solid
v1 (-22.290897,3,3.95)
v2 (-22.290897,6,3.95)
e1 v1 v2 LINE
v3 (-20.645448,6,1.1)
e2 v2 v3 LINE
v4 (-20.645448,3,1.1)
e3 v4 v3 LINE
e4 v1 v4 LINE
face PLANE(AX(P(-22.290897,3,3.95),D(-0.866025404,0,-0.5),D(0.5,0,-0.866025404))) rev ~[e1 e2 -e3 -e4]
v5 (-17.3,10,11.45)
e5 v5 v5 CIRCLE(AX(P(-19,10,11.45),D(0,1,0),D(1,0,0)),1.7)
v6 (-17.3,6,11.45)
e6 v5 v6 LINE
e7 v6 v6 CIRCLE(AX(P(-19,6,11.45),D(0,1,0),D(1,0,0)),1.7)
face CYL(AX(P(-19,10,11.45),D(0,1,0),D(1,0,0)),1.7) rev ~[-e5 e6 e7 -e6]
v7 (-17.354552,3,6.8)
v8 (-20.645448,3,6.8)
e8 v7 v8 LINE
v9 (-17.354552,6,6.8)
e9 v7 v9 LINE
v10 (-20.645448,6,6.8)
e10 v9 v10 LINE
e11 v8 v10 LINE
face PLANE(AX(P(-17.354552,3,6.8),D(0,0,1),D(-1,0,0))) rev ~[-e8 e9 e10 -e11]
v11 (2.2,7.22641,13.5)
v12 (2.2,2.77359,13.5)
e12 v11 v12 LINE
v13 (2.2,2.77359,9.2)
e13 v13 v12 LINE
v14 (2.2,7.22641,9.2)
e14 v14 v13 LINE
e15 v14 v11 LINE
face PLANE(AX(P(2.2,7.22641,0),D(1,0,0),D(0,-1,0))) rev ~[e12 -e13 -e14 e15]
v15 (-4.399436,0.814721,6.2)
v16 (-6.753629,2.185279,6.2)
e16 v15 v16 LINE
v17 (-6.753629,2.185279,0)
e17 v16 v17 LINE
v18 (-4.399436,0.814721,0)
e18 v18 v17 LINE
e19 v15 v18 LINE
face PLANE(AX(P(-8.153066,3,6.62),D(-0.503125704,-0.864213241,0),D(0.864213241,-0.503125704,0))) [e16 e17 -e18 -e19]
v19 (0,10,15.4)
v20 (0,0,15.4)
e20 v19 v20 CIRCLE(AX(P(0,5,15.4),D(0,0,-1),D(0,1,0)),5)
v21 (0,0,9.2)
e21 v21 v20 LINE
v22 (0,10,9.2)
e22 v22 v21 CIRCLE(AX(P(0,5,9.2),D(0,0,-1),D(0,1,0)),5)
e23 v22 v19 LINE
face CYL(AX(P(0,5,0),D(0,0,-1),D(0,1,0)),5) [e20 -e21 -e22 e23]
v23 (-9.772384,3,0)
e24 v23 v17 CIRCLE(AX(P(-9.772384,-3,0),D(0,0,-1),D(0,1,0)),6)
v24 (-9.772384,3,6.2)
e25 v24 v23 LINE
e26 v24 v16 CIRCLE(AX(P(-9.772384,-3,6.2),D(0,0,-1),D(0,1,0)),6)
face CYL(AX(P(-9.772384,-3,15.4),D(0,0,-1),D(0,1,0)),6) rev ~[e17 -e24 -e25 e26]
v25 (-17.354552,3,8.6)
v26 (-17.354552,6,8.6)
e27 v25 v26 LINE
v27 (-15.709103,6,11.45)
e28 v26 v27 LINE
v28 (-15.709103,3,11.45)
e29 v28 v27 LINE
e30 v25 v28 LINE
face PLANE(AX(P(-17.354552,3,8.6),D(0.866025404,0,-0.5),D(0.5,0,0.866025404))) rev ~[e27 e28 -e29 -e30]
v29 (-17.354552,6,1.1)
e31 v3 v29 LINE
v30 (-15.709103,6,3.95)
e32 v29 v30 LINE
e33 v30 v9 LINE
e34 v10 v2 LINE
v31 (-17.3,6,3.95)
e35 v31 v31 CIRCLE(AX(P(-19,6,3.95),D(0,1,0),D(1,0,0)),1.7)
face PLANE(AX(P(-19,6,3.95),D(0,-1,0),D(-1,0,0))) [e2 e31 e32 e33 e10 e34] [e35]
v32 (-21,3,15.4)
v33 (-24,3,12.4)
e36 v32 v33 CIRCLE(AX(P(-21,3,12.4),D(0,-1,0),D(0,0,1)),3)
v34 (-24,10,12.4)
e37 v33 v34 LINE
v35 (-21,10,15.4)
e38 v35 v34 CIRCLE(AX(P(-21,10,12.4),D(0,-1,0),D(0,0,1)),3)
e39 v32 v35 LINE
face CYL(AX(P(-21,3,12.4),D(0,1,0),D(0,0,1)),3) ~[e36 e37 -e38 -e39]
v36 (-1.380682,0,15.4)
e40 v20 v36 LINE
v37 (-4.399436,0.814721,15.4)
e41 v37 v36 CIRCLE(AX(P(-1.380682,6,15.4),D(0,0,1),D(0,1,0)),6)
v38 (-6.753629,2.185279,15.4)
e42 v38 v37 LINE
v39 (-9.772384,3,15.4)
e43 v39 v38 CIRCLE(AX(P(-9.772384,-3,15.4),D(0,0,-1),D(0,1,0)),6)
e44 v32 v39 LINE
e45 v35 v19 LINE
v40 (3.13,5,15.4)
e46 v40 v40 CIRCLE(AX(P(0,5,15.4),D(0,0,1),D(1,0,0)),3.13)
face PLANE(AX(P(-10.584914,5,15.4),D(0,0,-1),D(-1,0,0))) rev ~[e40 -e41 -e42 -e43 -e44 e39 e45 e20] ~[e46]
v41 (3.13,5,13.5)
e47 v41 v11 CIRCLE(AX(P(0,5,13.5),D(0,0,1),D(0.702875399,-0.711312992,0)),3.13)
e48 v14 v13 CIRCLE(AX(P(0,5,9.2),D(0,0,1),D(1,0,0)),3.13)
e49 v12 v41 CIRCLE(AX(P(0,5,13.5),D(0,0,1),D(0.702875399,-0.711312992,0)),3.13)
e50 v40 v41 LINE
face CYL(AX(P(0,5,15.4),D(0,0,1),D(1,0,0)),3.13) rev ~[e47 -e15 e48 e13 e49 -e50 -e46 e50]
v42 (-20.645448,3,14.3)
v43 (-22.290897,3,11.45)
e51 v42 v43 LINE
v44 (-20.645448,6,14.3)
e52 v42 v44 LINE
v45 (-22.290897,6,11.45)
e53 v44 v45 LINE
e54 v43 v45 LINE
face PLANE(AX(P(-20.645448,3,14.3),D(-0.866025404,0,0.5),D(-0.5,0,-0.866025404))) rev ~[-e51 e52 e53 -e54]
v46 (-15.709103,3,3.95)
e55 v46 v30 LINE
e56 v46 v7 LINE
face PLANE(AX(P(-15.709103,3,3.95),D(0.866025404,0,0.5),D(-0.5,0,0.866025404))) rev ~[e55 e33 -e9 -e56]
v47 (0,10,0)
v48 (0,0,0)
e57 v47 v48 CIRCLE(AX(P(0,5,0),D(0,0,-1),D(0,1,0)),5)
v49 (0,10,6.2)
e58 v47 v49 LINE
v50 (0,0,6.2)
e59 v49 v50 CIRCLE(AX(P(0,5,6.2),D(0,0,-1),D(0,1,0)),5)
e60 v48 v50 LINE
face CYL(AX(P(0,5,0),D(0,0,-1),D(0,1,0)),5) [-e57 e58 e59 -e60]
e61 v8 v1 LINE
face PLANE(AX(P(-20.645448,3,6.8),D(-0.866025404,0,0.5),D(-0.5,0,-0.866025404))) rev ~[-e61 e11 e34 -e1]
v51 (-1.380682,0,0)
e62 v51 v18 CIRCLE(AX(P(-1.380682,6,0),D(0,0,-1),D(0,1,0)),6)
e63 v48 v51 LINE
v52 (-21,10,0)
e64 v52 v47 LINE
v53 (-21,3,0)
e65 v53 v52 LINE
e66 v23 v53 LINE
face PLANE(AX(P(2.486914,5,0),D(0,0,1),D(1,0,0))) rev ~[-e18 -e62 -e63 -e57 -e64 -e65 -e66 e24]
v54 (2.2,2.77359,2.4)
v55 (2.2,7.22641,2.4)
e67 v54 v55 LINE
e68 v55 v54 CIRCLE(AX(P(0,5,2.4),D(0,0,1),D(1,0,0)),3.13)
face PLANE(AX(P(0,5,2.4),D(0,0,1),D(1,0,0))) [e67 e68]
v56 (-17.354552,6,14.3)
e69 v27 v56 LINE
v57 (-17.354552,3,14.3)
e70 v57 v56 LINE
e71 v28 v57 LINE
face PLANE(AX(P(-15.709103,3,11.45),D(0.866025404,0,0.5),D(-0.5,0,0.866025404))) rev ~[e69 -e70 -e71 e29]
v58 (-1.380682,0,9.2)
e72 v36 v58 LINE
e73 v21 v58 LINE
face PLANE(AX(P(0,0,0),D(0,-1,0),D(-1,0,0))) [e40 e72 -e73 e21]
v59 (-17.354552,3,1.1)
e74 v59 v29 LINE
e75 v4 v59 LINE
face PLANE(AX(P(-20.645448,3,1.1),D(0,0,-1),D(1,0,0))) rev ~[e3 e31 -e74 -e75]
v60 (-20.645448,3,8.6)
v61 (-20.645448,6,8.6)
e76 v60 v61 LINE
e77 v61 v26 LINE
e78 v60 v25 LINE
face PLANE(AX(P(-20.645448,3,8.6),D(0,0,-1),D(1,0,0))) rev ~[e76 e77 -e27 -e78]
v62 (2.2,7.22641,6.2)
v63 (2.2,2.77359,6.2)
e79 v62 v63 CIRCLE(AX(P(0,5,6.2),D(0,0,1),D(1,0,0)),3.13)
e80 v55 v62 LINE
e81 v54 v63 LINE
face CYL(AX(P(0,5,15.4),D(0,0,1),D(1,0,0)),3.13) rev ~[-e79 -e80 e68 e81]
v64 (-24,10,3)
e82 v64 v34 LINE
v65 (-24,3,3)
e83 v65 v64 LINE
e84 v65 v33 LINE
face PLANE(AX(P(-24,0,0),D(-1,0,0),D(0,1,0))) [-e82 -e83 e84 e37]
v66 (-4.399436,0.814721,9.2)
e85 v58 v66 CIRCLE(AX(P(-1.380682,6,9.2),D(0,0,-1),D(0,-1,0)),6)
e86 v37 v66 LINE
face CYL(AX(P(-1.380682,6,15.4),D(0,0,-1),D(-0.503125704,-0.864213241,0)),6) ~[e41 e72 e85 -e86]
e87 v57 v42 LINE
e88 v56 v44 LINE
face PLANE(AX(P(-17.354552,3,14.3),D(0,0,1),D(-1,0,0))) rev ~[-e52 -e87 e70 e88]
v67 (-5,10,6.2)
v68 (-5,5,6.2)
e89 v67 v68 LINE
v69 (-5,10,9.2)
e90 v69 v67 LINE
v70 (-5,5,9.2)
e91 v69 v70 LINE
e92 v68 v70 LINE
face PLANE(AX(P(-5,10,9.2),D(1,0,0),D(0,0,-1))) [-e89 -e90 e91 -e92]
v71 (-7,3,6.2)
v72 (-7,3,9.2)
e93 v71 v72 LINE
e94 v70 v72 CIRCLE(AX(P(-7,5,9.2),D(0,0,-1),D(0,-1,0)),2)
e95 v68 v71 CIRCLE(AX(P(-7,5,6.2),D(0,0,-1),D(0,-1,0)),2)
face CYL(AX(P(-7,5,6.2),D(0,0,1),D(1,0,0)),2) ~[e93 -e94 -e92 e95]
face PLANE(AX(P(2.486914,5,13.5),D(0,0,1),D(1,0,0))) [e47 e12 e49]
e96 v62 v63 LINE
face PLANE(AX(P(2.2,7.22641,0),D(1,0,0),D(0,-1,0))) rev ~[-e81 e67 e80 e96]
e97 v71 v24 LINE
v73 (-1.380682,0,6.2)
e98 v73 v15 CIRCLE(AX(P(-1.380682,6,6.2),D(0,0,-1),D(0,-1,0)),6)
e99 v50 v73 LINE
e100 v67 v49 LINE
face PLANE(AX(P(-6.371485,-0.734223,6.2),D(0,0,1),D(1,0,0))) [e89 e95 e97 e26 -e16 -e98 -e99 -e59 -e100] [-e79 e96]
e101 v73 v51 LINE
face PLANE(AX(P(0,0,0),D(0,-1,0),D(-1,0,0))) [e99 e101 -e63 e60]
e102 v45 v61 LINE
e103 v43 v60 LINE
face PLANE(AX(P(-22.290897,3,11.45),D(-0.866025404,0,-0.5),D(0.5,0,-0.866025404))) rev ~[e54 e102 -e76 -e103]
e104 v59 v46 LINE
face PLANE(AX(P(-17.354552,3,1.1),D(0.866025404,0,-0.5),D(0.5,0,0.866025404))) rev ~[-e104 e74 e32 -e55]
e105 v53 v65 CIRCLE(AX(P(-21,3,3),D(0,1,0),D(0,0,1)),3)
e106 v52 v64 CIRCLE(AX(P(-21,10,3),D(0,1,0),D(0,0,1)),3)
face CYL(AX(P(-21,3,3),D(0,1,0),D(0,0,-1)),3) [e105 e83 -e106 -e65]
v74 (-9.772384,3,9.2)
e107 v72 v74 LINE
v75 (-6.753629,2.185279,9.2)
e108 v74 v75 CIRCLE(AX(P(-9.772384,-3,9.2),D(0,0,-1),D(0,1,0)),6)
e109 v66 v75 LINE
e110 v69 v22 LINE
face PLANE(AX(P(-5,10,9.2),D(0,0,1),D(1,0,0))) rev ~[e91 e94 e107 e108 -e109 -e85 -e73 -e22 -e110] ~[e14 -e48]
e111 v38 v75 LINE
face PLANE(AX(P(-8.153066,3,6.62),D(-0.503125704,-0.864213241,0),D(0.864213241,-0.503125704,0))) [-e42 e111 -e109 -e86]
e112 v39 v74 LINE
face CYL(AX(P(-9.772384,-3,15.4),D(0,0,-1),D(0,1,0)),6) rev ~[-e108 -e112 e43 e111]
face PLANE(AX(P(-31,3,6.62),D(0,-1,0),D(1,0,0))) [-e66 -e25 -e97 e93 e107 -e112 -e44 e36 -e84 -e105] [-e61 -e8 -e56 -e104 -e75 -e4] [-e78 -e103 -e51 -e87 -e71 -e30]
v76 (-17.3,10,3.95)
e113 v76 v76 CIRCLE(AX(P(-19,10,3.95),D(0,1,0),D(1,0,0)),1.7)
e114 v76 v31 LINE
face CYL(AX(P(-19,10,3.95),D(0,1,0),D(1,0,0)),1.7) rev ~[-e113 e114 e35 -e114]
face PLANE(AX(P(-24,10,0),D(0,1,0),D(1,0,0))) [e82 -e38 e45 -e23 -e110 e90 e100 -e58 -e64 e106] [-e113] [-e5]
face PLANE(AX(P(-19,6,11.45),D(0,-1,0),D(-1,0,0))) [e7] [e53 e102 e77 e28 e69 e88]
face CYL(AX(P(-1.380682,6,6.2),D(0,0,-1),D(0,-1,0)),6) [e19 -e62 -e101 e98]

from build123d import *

# Parameters (mm, degrees)
DODANIE_WYCI_GNI_CIE1_DEPTH      = 15.4
SZKIC2_R                         = 3.13
WYTNIJ_WYCI_GNI_CIE1_DEPTH       = 13
WYTNIJ_WYCI_GNI_CIE13_DEPTH      = 7.62
WYTNIJ_WYCI_GNI_CIE13_DEPTH_BACK = 9.78
DODANIE_WYCI_GNI_CIE2_START      = -17.88
DODANIE_WYCI_GNI_CIE2_DEPTH      = 13.5
SZKIC18_W                        = 10
SZKIC18_H                        = 3
WYTNIJ_WYCI_GNI_CIE14_DEPTH      = 11
ZAOKR_GLENIE2_R                  = 3
ZAOKR_GLENIE3_R                  = 6
WYTNIJ_WYCI_GNI_CIE15_DEPTH      = 3
ZAOKR_GLENIE5_R                  = 2
SZKIC20_R                        = 1.7
WYTNIJ_WYCI_GNI_CIE16_DEPTH      = 11
WYTNIJ_WYCI_GNI_CIE17_DEPTH      = 3


with BuildPart() as part:
    # Szkic1 → Dodanie-wyciągnięcie1 (new body)
    with BuildSketch(Plane.XY):
        with BuildLine():
            Line((0, 0), (-24, 0))
            Line((-24, 0), (-24, 10))
            Line((-24, 10), (0, 10))
            ThreePointArc((0, 10), (5, 5), (0, 0))
        make_face()
    extrude(amount=DODANIE_WYCI_GNI_CIE1_DEPTH)

    # Szkic2 → Wytnij-wyciągnięcie1 (cut)
    with BuildSketch(Plane.XY.offset(15.4)):
        with Locations((0, 5)):
            Circle(SZKIC2_R)
    extrude(amount=-WYTNIJ_WYCI_GNI_CIE1_DEPTH, mode=Mode.SUBTRACT)

    # Szkic16 → Wytnij-wyciągnięcie13 (cut, two sides)
    with BuildSketch(Plane(origin=(0, 0, 6.62), x_dir=(-1, 0, 0), z_dir=(0, 0, -1))) as wytnij_wyci_gni_cie13_sk:
        Polygon((31, 0), (31, 3), (8.153065534, 3), (3, 0), align=None)
    extrude(amount=WYTNIJ_WYCI_GNI_CIE13_DEPTH, mode=Mode.SUBTRACT)
    extrude(wytnij_wyci_gni_cie13_sk.sketch, amount=-WYTNIJ_WYCI_GNI_CIE13_DEPTH_BACK, mode=Mode.SUBTRACT)

    # Szkic10 → Dodanie-wyciągnięcie2 (add)
    with BuildSketch(Plane.XY.offset(17.88).offset(DODANIE_WYCI_GNI_CIE2_START)):
        with BuildLine():
            Line((2.2, 7.226409666), (2.2, 2.773590334))
            ThreePointArc((2.2, 2.773590334), (3.13, 5), (2.2, 7.226409666))
        make_face()
    extrude(amount=DODANIE_WYCI_GNI_CIE2_DEPTH)

    # Szkic18 → Wytnij-wyciągnięcie14 (cut, through all)
    with BuildSketch(Plane(origin=(0, 10, 0), x_dir=(1, 0, 0), z_dir=(0, 1, 0))):
        with Locations((0, -7.7)):
            Rectangle(SZKIC18_W, SZKIC18_H)
    extrude(amount=-WYTNIJ_WYCI_GNI_CIE14_DEPTH, mode=Mode.SUBTRACT)

    # Zaokrąglenie2
    zaokr_glenie2_edges = [part.edges().sort_by_distance(p)[0] for p in [
        (-24, 6.5, 0),
        (-24, 6.5, 15.4),
    ]]
    fillet(zaokr_glenie2_edges, radius=ZAOKR_GLENIE2_R)

    # Zaokrąglenie3
    zaokr_glenie3_edges = [part.edges().sort_by_distance(p)[0] for p in [
        (-3, 0, 12.3),
        (-8.153065534, 3, 7.7),
        (-3, 0, 3.1),
    ]]
    fillet(zaokr_glenie3_edges, radius=ZAOKR_GLENIE3_R)

    # Szkic19 → Wytnij-wyciągnięcie15 (cut)
    with BuildSketch(Plane(origin=(0, 0, 9.2), x_dir=(-1, 0, 0), z_dir=(0, 0, -1))):
        Polygon((3.986195456, 3), (13.986195456, 3), (0.751466107, -7.194094716), align=None)
    extrude(amount=WYTNIJ_WYCI_GNI_CIE15_DEPTH, mode=Mode.SUBTRACT)

    # Zaokrąglenie5
    zaokr_glenie5_edges = [part.edges().sort_by_distance(p)[0] for p in [
        (-5, 3, 7.7),
    ]]
    fillet(zaokr_glenie5_edges, radius=ZAOKR_GLENIE5_R)

    # Szkic20 → Wytnij-wyciągnięcie16 (cut, through all)
    with BuildSketch(Plane(origin=(0, 10, 0), x_dir=(1, 0, 0), z_dir=(0, 1, 0))):
        with Locations((-19, -3.95)):
            Circle(SZKIC20_R)
        with Locations((-19, -11.45)):
            Circle(SZKIC20_R)
    extrude(amount=-WYTNIJ_WYCI_GNI_CIE16_DEPTH, mode=Mode.SUBTRACT)

    # Szkic21 → Wytnij-wyciągnięcie17 (cut)
    with BuildSketch(Plane(origin=(0, 3, 0), x_dir=(-1, 0, 0), z_dir=(0, -1, 0))):
        Polygon((15.709103466, -3.95), (17.354551733, -6.8), (20.645448267, -6.8), (22.290896534, -3.95), (20.645448267, -1.1), (17.354551733, -1.1), align=None)
        Polygon((15.709103466, -11.45), (17.354551733, -14.3), (20.645448267, -14.3), (22.290896534, -11.45), (20.645448267, -8.6), (17.354551733, -8.6), align=None)
    extrude(amount=-WYTNIJ_WYCI_GNI_CIE17_DEPTH, mode=Mode.SUBTRACT)


solid = part.part
